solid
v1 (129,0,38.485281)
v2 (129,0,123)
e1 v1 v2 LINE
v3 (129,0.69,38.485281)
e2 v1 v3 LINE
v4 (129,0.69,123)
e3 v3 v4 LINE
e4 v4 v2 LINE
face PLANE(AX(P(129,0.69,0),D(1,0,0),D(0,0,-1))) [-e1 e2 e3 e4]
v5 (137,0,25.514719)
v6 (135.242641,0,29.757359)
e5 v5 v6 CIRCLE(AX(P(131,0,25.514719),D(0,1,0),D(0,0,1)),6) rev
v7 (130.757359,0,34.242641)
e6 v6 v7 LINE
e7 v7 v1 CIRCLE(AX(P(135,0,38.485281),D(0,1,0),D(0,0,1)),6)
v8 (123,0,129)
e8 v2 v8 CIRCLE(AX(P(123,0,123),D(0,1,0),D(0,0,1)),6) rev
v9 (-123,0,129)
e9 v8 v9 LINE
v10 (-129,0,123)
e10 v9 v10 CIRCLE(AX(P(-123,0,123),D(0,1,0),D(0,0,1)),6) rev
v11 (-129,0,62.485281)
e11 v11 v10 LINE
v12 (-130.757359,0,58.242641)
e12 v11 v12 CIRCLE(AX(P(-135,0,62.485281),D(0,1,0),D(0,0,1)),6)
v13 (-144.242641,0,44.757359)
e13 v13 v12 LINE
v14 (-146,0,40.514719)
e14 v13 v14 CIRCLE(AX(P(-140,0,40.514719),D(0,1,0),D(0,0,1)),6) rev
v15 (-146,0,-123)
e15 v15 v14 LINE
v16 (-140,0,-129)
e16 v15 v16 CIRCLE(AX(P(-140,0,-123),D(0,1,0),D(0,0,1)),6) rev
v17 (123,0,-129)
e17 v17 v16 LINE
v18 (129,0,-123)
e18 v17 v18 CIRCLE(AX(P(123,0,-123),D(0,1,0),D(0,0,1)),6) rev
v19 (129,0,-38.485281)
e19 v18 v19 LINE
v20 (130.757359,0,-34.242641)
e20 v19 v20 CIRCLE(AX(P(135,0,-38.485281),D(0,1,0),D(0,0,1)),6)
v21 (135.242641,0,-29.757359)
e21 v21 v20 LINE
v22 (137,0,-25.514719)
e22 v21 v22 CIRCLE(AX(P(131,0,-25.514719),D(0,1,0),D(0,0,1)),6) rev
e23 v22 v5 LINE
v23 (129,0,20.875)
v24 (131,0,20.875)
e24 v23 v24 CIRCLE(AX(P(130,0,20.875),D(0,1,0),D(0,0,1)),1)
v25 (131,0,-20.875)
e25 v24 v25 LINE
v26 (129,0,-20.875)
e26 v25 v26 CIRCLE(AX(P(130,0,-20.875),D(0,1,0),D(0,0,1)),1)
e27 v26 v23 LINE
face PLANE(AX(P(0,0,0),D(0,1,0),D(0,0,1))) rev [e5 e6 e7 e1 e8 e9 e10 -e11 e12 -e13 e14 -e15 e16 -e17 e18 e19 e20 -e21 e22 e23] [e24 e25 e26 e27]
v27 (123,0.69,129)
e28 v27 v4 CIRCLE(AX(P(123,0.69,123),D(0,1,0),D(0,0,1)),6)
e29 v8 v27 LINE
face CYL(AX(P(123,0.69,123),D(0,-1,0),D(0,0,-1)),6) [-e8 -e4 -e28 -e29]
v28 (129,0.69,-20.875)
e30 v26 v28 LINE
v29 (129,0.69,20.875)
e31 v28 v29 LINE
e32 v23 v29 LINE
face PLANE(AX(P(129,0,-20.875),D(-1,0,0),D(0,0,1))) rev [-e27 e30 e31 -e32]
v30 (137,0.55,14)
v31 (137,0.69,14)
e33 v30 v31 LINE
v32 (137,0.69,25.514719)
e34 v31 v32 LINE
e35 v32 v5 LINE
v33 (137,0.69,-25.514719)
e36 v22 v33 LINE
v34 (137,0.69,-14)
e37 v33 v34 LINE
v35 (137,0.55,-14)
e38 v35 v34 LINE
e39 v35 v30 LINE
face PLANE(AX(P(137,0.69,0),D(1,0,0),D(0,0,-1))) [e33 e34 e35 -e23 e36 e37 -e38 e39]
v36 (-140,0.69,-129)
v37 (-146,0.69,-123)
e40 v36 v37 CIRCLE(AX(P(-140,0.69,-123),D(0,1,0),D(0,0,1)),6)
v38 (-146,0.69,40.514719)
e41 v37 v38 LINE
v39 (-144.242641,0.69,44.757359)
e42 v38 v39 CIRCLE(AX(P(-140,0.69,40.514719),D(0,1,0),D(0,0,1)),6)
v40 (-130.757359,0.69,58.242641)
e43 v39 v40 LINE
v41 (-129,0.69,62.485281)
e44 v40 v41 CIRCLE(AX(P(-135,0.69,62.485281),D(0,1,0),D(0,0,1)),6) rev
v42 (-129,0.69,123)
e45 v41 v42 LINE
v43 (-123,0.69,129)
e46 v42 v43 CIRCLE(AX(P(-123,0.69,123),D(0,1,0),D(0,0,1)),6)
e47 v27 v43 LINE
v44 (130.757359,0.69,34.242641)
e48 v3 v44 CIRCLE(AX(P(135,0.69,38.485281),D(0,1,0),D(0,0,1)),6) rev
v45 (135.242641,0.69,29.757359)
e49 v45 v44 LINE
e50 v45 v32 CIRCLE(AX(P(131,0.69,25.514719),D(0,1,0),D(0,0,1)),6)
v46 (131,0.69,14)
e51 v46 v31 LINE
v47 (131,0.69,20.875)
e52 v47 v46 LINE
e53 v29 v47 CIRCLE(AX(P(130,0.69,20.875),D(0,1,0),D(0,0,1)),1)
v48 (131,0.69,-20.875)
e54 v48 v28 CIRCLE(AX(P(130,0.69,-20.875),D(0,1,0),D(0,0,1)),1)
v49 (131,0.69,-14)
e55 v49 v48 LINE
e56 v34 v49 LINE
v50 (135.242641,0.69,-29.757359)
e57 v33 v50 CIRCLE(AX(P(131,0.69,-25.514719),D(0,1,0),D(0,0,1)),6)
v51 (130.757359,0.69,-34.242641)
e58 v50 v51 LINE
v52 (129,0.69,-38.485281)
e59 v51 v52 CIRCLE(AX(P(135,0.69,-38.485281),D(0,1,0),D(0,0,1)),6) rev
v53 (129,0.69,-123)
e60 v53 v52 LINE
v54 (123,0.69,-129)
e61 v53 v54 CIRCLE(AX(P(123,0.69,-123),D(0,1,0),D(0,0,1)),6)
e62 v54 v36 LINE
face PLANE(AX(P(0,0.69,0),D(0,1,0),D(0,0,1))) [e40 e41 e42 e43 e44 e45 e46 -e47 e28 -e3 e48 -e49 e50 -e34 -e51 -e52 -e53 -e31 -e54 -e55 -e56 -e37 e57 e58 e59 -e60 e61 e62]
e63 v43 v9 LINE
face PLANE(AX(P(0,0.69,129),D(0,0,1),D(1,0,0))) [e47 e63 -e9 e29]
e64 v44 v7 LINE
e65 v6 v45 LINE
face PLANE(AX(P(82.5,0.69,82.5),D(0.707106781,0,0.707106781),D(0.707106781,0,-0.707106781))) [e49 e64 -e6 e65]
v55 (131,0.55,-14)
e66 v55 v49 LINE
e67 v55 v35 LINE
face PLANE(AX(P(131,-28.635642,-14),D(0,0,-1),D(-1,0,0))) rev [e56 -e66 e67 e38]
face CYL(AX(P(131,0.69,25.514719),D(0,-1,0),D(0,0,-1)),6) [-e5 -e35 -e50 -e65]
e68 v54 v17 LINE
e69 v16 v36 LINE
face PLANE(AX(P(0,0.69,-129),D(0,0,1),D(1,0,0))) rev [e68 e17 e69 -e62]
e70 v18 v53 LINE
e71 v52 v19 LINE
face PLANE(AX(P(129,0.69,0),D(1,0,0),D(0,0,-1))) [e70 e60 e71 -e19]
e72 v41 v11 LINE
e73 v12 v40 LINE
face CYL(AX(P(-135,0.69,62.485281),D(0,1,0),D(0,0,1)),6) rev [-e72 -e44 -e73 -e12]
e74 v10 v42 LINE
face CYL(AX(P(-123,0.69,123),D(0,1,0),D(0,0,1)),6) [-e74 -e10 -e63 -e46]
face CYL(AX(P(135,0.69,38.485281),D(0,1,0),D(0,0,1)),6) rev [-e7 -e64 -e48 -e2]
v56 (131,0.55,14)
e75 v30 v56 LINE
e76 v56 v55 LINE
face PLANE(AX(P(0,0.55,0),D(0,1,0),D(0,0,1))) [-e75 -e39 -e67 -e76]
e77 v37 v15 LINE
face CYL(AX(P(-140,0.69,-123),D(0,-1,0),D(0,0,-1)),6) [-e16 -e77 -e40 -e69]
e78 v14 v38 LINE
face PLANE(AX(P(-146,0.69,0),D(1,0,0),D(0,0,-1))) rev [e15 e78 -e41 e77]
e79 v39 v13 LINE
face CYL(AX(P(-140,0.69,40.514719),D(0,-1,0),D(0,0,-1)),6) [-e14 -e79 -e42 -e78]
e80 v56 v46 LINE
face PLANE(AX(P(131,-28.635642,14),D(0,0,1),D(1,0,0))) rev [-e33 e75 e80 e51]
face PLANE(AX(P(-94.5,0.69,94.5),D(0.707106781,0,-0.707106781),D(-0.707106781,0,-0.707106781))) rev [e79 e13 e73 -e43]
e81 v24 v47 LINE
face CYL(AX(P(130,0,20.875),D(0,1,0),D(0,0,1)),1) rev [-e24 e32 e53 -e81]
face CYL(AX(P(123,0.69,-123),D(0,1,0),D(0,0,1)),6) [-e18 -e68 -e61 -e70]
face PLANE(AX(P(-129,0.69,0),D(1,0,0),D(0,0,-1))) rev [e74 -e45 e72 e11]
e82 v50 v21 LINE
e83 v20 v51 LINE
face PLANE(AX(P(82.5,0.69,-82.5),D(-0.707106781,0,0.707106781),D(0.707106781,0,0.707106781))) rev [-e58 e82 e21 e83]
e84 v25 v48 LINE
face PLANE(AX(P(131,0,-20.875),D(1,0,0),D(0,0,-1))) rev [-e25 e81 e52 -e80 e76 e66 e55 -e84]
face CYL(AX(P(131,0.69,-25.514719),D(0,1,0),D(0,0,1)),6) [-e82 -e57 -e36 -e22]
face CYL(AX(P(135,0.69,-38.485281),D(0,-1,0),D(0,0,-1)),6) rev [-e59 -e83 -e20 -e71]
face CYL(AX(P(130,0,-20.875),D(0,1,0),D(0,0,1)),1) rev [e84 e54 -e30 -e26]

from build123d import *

# Parameters (mm, degrees)
BOSS_EXTRUDE1_DEPTH = 0.69
CUT_EXTRUDE1_DEPTH  = 1.69
SKETCH3_W           = 6
SKETCH3_H           = 28
CUT_EXTRUDE2_DEPTH  = 0.14
FILLET1_R           = 6


with BuildPart() as part:
    # Sketch1 → Boss-Extrude1 (new body)
    with BuildSketch(Plane(origin=(0, 0, 0), x_dir=(1, 0, 0), z_dir=(0, 1, 0))):
        Polygon((-146, 129), (-146, -43), (-129, -60), (-129, -129), (129, -129), (129, -36), (137, -28), (137, 28), (129, 36), (129, 129), align=None)
    extrude(amount=BOSS_EXTRUDE1_DEPTH)

    # Sketch2 → Cut-Extrude1 (cut, through all)
    with BuildSketch(Plane(origin=(0, 0.69, 0), x_dir=(1, 0, 0), z_dir=(0, 1, 0))):
        with BuildLine():
            Line((131, 20.875), (131, -20.875))
            ThreePointArc((131, -20.875), (130, -21.875), (129, -20.875))
            Line((129, -20.875), (129, 20.875))
            ThreePointArc((129, 20.875), (130, 21.875), (131, 20.875))
        make_face()
    extrude(amount=-CUT_EXTRUDE1_DEPTH, mode=Mode.SUBTRACT)

    # Sketch3 → Cut-Extrude2 (cut)
    with BuildSketch(Plane(origin=(0, 0.69, 0), x_dir=(1, 0, 0), z_dir=(0, 1, 0))):
        with Locations((134, 0)):
            Rectangle(SKETCH3_W, SKETCH3_H)
    extrude(amount=-CUT_EXTRUDE2_DEPTH, mode=Mode.SUBTRACT)

    # Fillet1
    fillet1_edges = [part.edges().sort_by_distance(p)[0] for p in [
        (129, 0.345, 36),
        (129, 0.345, 129),
        (-129, 0.345, 129),
        (-129, 0.345, 60),
        (-146, 0.345, 43),
        (-146, 0.345, -129),
        (129, 0.345, -129),
        (129, 0.345, -36),
        (137, 0.345, -28),
        (137, 0.345, 28),
    ]]
    fillet(fillet1_edges, radius=FILLET1_R)


solid = part.part
